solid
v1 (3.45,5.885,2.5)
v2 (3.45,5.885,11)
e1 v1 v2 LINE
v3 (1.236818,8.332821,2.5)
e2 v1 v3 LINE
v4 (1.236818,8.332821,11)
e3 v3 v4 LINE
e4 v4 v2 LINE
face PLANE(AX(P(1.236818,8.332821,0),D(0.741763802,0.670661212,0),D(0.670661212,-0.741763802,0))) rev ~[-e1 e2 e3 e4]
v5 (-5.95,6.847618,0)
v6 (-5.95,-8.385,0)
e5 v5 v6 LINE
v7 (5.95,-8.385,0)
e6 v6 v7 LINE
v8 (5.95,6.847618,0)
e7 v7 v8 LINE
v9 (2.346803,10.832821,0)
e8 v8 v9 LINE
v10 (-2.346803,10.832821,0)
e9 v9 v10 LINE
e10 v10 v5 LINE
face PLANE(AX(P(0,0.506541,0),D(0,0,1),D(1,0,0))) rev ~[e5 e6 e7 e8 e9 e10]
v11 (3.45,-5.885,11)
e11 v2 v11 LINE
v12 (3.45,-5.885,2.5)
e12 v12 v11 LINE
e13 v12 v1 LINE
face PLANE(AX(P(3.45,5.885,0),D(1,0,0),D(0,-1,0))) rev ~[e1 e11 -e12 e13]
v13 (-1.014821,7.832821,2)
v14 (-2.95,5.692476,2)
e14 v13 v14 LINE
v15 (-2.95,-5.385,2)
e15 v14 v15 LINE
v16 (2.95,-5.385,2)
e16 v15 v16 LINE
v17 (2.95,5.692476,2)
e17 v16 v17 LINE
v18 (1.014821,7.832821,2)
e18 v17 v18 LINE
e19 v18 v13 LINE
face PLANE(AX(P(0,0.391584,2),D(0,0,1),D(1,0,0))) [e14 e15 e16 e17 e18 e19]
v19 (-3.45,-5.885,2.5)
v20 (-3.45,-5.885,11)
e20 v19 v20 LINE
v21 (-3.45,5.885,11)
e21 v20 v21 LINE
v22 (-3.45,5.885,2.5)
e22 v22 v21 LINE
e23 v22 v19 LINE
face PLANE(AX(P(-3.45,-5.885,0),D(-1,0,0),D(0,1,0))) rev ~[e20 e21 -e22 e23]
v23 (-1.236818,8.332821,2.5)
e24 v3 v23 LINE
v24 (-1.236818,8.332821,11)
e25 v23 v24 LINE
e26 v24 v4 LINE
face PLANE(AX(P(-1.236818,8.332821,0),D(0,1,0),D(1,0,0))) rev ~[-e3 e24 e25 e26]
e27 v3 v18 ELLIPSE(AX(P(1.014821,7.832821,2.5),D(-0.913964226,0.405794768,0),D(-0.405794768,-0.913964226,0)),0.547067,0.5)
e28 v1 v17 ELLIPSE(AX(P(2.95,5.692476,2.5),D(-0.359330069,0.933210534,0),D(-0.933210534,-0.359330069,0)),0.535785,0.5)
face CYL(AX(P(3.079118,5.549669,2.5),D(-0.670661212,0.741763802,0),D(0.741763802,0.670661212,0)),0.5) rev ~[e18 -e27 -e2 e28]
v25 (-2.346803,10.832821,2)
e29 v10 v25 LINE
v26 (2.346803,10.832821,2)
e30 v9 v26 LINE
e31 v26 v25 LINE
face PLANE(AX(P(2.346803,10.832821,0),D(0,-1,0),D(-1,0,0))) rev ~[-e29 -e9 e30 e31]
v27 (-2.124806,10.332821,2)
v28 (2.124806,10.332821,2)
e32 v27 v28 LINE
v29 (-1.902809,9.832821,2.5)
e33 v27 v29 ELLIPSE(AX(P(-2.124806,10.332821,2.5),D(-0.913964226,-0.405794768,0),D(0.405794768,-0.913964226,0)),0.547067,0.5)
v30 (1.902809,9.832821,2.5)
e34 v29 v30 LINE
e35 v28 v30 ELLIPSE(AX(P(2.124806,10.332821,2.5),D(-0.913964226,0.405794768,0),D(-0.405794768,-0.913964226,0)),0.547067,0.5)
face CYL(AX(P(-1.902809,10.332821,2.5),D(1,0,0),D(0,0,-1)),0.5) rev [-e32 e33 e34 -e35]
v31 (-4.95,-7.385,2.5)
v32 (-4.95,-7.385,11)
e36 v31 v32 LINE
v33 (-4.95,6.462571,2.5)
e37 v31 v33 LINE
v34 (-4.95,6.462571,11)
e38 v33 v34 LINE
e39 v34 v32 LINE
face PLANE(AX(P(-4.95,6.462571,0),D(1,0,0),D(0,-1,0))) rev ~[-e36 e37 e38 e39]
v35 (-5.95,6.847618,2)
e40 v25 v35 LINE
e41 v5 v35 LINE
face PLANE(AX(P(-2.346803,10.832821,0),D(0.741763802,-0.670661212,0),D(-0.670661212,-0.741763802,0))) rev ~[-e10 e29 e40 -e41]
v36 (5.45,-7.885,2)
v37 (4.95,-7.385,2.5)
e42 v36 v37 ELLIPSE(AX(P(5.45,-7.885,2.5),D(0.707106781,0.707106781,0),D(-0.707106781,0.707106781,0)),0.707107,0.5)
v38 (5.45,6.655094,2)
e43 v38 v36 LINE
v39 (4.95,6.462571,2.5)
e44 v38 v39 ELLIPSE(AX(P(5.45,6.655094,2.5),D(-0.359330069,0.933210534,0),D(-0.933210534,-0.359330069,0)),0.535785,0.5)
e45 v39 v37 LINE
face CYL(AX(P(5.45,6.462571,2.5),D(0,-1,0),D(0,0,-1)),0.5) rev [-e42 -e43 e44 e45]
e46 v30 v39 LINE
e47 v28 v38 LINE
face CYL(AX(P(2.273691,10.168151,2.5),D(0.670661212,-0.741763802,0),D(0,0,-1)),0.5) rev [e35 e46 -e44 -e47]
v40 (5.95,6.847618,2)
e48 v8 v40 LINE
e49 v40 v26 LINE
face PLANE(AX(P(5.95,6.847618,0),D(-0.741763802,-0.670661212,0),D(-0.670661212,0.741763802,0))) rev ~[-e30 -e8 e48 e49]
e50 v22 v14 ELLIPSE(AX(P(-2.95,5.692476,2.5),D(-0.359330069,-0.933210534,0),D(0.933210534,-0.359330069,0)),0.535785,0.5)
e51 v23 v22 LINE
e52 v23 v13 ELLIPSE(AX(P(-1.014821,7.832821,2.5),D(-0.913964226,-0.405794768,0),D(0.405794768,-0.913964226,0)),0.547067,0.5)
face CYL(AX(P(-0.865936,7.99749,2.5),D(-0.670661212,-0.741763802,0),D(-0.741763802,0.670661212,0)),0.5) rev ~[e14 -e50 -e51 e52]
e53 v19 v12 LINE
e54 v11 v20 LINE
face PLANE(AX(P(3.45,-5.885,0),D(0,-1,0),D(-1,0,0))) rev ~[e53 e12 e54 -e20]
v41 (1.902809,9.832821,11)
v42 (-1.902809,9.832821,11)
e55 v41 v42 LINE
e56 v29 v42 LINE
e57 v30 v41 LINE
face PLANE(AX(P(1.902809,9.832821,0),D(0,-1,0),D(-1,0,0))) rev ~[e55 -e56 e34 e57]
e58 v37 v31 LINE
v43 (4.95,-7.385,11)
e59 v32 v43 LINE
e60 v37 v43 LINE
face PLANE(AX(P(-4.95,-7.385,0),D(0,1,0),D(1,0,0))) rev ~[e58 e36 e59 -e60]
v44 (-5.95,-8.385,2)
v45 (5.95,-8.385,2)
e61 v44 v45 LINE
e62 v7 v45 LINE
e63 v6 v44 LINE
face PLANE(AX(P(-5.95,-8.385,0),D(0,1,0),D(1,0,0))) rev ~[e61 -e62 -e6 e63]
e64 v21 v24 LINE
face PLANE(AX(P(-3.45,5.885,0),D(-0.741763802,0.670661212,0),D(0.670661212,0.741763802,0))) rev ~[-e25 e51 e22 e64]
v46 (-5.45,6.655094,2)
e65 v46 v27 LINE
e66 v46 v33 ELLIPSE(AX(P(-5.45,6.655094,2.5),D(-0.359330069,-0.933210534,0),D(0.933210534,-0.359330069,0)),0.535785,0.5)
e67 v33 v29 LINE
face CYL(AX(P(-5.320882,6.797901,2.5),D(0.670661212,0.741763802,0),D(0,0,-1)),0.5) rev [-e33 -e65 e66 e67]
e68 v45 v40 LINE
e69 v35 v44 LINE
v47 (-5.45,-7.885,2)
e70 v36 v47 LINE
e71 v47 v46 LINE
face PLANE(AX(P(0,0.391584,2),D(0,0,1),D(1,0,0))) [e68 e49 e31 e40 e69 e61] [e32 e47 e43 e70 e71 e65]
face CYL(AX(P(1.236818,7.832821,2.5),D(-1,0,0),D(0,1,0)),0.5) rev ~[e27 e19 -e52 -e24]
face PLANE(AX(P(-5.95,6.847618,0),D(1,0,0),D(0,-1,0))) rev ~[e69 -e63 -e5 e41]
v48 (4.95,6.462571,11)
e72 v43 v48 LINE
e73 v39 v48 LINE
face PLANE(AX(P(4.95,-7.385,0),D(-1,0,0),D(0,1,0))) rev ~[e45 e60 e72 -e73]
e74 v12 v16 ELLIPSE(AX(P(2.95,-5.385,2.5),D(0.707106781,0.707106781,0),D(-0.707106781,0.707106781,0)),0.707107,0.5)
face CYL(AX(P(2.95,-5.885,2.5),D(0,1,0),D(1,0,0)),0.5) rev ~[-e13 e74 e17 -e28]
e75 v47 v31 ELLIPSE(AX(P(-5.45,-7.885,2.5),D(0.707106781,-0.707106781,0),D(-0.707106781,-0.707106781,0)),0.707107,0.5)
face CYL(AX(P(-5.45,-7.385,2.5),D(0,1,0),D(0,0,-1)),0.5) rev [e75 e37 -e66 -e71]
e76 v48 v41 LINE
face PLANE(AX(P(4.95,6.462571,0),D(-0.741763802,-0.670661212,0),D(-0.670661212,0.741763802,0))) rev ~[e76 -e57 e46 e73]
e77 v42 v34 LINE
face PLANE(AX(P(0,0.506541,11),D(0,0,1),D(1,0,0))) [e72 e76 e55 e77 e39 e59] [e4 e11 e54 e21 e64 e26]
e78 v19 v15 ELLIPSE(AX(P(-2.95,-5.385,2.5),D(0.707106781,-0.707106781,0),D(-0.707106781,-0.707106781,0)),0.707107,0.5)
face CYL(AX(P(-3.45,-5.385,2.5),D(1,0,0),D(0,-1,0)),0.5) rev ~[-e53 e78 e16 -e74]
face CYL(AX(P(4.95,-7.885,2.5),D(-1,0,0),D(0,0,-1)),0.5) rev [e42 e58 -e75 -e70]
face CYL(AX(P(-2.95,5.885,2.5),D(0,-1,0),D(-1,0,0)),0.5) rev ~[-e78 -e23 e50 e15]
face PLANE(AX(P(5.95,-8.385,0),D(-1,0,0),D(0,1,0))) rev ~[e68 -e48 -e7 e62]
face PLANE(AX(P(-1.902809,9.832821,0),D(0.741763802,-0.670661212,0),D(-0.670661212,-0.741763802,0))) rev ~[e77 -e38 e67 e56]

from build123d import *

# Parameters (mm, degrees)
F0_W     = 6.9
F0_H     = 11.77
F1_DEPTH = 2
F2_DEPTH = 11
F3_R     = 0.5


with BuildPart() as f1:
    # F0 (on Top) → F1 (new body)
    with BuildSketch(Plane.XY):
        Polygon((-2.3468033714, 10.8328205479), (-5.95, 6.8476179095), (-5.95, -8.385), (5.95, -8.385), (5.95, 6.8476179095), (2.3468033714, 10.8328205479), align=None)
        Polygon((-4.95, -7.385), (-4.95, 6.4625707457), (-1.9028092228, 9.8328205479), (1.9028092228, 9.8328205479), (4.95, 6.4625707457), (4.95, -7.385), align=None, mode=Mode.SUBTRACT)
        Polygon((-1.9028092228, 9.8328205479), (-4.95, 6.4625707457), (-4.95, -7.385), (4.95, -7.385), (4.95, 6.4625707457), (1.9028092228, 9.8328205479), align=None)
        Polygon((1.236818, 8.3328205479), (3.45, 5.885), (3.45, -5.885), (-3.45, -5.885), (-3.45, 5.885), (-1.236818, 8.3328205479), align=None, mode=Mode.SUBTRACT)
        Polygon((-3.45, 5.885), (3.45, 5.885), (1.236818, 8.3328205479), (-1.236818, 8.3328205479), align=None)
        Rectangle(F0_W, F0_H)
    extrude(amount=F1_DEPTH)

    # F0 (on Top) → F2 (join)
    with BuildSketch(Plane.XY):
        Polygon((-1.9028092228, 9.8328205479), (-4.95, 6.4625707457), (-4.95, -7.385), (4.95, -7.385), (4.95, 6.4625707457), (1.9028092228, 9.8328205479), align=None)
        Polygon((1.236818, 8.3328205479), (3.45, 5.885), (3.45, -5.885), (-3.45, -5.885), (-3.45, 5.885), (-1.236818, 8.3328205479), align=None, mode=Mode.SUBTRACT)
    extrude(amount=F2_DEPTH)

    # F3
    f3_edges = [f1.edges().sort_by_distance(p)[0] for p in [
        (-3.45, 0, 2),
        (-2.343409, 7.10891, 2),
        (0, 8.332821, 2),
        (2.343409, 7.10891, 2),
        (3.45, 0, 2),
        (0, -5.885, 2),
        (0, -7.385, 2),
        (4.95, -0.461215, 2),
        (3.426405, 8.147696, 2),
        (0, 9.832821, 2),
        (-3.426405, 8.147696, 2),
        (-4.95, -0.461215, 2),
    ]]
    fillet(f3_edges, radius=F3_R)


solid = f1.part
